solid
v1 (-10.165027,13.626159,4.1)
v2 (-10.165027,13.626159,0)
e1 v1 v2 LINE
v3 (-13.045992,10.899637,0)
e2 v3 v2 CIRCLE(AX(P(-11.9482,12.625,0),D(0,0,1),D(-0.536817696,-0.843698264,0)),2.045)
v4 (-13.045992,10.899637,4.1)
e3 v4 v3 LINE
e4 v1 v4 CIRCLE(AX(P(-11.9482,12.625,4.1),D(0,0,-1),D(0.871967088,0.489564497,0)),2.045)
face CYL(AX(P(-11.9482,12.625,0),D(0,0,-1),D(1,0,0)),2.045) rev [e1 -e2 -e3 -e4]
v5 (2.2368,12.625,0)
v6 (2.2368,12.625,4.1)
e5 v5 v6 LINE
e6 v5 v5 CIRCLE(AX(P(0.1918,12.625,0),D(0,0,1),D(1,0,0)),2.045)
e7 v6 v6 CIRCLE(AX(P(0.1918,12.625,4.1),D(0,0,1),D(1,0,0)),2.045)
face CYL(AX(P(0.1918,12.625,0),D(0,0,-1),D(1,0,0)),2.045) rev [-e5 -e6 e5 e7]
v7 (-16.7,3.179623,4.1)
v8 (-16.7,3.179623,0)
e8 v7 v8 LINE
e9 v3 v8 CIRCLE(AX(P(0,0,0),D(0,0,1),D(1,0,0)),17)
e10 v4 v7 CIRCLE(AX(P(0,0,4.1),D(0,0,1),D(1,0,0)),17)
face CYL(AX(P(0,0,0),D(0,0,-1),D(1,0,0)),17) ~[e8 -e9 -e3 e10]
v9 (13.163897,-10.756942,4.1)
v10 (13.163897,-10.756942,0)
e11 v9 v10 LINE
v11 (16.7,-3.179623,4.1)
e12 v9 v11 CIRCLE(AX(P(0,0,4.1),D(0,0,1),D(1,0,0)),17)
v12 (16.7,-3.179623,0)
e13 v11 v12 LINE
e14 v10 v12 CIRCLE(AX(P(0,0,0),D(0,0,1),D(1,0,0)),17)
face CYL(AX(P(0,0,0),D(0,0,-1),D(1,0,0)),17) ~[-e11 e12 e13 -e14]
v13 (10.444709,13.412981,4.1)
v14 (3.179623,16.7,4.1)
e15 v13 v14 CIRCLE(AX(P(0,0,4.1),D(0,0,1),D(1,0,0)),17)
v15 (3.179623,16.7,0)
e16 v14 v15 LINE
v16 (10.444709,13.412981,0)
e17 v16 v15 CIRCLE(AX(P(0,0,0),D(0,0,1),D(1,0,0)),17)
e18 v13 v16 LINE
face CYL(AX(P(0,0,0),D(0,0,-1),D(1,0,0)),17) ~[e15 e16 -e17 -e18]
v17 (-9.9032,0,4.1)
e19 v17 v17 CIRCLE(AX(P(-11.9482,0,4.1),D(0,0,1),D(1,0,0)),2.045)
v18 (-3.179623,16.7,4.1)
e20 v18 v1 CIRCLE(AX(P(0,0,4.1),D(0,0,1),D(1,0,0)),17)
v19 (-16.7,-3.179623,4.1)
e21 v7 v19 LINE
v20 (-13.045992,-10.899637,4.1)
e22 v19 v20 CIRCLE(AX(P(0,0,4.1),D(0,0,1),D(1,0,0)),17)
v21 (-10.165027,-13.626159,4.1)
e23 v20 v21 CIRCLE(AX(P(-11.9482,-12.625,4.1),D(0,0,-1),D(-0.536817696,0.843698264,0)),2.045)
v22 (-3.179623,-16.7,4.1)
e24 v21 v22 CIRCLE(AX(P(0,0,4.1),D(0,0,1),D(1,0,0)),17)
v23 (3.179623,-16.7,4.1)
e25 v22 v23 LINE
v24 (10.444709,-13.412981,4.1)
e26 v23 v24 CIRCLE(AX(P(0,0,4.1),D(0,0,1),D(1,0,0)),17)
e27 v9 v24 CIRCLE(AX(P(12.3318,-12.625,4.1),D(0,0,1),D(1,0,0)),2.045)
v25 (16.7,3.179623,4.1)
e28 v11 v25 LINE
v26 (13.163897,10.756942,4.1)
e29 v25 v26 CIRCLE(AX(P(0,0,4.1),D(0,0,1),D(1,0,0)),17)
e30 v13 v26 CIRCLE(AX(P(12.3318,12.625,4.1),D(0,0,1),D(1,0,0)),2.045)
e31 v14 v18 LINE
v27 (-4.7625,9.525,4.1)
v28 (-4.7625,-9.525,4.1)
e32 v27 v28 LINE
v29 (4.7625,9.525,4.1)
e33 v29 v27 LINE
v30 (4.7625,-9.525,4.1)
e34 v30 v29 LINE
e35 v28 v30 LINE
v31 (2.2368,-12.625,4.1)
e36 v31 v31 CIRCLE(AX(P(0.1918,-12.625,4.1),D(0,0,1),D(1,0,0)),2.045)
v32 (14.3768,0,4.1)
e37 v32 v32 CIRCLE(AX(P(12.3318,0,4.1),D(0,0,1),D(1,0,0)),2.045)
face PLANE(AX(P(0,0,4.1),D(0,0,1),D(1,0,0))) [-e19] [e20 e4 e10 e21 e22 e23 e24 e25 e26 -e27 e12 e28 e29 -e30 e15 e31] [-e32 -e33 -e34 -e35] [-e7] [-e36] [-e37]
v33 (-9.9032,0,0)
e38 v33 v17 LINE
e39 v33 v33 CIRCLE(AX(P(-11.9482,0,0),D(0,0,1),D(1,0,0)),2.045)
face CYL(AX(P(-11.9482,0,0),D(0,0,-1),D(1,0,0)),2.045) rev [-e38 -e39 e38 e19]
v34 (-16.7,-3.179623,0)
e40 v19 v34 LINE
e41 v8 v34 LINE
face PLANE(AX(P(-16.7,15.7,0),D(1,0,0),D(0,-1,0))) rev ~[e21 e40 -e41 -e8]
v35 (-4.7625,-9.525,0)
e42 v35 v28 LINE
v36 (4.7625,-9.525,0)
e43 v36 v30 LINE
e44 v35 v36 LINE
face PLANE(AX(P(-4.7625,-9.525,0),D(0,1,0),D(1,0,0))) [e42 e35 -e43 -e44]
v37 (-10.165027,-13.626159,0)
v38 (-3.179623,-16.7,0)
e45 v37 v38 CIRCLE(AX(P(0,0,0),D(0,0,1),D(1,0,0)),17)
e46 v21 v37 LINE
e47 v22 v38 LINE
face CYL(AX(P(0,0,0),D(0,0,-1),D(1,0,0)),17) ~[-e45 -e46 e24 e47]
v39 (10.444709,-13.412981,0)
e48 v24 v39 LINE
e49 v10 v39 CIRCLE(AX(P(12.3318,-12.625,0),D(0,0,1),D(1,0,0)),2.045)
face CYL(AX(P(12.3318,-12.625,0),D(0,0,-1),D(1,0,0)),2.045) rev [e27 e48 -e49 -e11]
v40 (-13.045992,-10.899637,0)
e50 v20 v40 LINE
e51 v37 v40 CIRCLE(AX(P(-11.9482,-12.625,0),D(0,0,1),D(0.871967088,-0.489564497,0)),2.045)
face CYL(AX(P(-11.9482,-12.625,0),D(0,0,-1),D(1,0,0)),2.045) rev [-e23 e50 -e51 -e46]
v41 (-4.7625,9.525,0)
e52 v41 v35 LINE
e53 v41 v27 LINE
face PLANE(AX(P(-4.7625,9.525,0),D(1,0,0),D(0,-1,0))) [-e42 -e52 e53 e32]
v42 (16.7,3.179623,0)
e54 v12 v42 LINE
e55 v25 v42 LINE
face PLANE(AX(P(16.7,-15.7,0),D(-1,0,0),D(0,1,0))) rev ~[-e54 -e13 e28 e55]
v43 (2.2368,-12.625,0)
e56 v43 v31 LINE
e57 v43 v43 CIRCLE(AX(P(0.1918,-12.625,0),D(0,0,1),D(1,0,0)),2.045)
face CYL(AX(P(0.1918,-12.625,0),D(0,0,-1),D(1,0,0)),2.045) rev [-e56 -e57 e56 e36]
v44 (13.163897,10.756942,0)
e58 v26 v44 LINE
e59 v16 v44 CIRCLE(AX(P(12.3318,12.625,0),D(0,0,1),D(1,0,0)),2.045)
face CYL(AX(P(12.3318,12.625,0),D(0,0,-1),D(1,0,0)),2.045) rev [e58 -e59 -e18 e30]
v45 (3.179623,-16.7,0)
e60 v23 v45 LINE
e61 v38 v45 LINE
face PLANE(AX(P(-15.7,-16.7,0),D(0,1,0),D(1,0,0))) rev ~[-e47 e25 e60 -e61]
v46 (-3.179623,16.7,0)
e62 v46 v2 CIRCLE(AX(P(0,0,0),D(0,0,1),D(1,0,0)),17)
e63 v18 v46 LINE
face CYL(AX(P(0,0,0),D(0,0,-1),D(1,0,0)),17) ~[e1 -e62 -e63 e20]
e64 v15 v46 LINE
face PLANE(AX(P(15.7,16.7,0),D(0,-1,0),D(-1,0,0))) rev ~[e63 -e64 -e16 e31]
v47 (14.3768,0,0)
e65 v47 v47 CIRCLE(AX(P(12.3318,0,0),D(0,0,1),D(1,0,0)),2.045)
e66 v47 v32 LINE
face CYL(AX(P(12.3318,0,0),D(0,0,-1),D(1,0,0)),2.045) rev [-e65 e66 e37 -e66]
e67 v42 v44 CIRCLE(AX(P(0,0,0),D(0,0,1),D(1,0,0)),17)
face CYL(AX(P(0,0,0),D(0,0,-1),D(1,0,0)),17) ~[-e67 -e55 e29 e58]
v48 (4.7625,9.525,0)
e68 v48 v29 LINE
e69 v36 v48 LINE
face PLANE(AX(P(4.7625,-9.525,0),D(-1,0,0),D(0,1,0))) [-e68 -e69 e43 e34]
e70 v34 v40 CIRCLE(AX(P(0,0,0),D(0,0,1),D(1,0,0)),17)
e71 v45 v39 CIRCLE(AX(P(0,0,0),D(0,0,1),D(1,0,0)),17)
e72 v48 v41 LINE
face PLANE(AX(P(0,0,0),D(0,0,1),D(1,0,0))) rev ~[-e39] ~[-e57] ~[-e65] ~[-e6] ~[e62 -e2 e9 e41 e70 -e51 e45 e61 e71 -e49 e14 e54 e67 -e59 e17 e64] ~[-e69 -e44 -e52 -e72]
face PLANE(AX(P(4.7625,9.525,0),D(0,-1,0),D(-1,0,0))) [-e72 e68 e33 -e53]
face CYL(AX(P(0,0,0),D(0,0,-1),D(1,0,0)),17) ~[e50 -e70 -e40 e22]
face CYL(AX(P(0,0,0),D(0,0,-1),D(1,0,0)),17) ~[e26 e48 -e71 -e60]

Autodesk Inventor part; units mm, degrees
ref_plane "YZ Plane" through (0, 0, 0) normal (1, 0, 0) x (0, 1, 0)
ref_plane "XZ Plane" through (0, 0, 0) normal (0, 1, 0) x (-1, 0, 0)
ref_plane "XY Plane" through (0, 0, 0) normal (0, 0, 1) x (1, 0, 0)
sketch "Sketch3" plane through (0, 0, 0) normal (0, 0, 1) x (1, 0, 0)
  line L0 (-15.7, -16.7) -> (15.7, -16.7)
  line L1 (16.7, -15.7) -> (16.7, 15.7)
  line L2 (15.7, 16.7) -> (-15.7, 16.7)
  line L3 (-16.7, 15.7) -> (-16.7, -15.7)
  line L4 (-15.7, 16.7) -> (-16.7, 15.7)
  line L5 (15.7, 16.7) -> (16.7, 15.7)
  line L6 (16.7, -15.7) -> (15.7, -16.7)
  line L7 (-16.7, -15.7) -> (-15.7, -16.7)
  line L8 (-4.7625, -9.525) -> (4.7625, -9.525)
  line L9 (4.7625, -9.525) -> (4.7625, 9.525)
  line L10 (4.7625, 9.525) -> (-4.7625, 9.525)
  line L11 (-4.7625, 9.525) -> (-4.7625, -9.525)
  circle A0 centre (-11.9482, 12.625) radius 2.045
  circle A1 centre (12.3318, 12.625) radius 2.045
  line L12 (0, -16.7) -> (0, 16.7) construction
  circle A2 centre (-11.9482, -12.625) radius 2.045
  circle A3 centre (12.3318, -12.625) radius 2.045
  line L13 (12.3318, 12.625) -> (-11.9482, 12.625) construction
  line L14 (-11.9482, 12.625) -> (-11.9482, -12.625) construction
  line L15 (-11.9482, -12.625) -> (12.3318, -12.625) construction
  line L16 (12.3318, -12.625) -> (12.3318, 12.625) construction
  line L17 (-16.7, 0) -> (16.7, 0) construction
  circle A4 centre (0, 0) radius 18.4 construction
  circle A5 centre (-11.9482, 0) radius 2.045
  circle A6 centre (0.1918, 12.625) radius 2.045
  circle A7 centre (12.3318, 0) radius 2.045
  circle A8 centre (0.1918, -12.625) radius 2.045
  dimension "d10" = 9.525
  dimension "d11" = 19.05
  dimension "d12" = 4.09
  dimension "d13" = 4.09
  dimension "d17" = 4.09
  dimension "d19" = 24.28
  dimension "d20" = 25.25
  dimension "d21" = 4.09
  dimension "d22" = 12.625
  dimension "d26" = 36.8
  dimension "d27" = 4.09
  dimension "d28" = 4.09
  dimension "d29" = 4.09
  dimension "d33" = 4.09
  dimension "d38" = 9.525
  dimension "d39" = 4.7625
sketch "Sketch4" plane through (0, 0, 0) normal (0, 0, 1) x (1, 0, 0)
  circle A0 centre (0, 0) radius 17
  dimension "d32" = 34
extrude "Extrusion3" add sketch "Sketch3" along normal blind 4.1
extrude "Extrusion4" cut sketch "Sketch4" along normal blind 4.1 keep common part
properties part number "WG18FLANGECutDown"
